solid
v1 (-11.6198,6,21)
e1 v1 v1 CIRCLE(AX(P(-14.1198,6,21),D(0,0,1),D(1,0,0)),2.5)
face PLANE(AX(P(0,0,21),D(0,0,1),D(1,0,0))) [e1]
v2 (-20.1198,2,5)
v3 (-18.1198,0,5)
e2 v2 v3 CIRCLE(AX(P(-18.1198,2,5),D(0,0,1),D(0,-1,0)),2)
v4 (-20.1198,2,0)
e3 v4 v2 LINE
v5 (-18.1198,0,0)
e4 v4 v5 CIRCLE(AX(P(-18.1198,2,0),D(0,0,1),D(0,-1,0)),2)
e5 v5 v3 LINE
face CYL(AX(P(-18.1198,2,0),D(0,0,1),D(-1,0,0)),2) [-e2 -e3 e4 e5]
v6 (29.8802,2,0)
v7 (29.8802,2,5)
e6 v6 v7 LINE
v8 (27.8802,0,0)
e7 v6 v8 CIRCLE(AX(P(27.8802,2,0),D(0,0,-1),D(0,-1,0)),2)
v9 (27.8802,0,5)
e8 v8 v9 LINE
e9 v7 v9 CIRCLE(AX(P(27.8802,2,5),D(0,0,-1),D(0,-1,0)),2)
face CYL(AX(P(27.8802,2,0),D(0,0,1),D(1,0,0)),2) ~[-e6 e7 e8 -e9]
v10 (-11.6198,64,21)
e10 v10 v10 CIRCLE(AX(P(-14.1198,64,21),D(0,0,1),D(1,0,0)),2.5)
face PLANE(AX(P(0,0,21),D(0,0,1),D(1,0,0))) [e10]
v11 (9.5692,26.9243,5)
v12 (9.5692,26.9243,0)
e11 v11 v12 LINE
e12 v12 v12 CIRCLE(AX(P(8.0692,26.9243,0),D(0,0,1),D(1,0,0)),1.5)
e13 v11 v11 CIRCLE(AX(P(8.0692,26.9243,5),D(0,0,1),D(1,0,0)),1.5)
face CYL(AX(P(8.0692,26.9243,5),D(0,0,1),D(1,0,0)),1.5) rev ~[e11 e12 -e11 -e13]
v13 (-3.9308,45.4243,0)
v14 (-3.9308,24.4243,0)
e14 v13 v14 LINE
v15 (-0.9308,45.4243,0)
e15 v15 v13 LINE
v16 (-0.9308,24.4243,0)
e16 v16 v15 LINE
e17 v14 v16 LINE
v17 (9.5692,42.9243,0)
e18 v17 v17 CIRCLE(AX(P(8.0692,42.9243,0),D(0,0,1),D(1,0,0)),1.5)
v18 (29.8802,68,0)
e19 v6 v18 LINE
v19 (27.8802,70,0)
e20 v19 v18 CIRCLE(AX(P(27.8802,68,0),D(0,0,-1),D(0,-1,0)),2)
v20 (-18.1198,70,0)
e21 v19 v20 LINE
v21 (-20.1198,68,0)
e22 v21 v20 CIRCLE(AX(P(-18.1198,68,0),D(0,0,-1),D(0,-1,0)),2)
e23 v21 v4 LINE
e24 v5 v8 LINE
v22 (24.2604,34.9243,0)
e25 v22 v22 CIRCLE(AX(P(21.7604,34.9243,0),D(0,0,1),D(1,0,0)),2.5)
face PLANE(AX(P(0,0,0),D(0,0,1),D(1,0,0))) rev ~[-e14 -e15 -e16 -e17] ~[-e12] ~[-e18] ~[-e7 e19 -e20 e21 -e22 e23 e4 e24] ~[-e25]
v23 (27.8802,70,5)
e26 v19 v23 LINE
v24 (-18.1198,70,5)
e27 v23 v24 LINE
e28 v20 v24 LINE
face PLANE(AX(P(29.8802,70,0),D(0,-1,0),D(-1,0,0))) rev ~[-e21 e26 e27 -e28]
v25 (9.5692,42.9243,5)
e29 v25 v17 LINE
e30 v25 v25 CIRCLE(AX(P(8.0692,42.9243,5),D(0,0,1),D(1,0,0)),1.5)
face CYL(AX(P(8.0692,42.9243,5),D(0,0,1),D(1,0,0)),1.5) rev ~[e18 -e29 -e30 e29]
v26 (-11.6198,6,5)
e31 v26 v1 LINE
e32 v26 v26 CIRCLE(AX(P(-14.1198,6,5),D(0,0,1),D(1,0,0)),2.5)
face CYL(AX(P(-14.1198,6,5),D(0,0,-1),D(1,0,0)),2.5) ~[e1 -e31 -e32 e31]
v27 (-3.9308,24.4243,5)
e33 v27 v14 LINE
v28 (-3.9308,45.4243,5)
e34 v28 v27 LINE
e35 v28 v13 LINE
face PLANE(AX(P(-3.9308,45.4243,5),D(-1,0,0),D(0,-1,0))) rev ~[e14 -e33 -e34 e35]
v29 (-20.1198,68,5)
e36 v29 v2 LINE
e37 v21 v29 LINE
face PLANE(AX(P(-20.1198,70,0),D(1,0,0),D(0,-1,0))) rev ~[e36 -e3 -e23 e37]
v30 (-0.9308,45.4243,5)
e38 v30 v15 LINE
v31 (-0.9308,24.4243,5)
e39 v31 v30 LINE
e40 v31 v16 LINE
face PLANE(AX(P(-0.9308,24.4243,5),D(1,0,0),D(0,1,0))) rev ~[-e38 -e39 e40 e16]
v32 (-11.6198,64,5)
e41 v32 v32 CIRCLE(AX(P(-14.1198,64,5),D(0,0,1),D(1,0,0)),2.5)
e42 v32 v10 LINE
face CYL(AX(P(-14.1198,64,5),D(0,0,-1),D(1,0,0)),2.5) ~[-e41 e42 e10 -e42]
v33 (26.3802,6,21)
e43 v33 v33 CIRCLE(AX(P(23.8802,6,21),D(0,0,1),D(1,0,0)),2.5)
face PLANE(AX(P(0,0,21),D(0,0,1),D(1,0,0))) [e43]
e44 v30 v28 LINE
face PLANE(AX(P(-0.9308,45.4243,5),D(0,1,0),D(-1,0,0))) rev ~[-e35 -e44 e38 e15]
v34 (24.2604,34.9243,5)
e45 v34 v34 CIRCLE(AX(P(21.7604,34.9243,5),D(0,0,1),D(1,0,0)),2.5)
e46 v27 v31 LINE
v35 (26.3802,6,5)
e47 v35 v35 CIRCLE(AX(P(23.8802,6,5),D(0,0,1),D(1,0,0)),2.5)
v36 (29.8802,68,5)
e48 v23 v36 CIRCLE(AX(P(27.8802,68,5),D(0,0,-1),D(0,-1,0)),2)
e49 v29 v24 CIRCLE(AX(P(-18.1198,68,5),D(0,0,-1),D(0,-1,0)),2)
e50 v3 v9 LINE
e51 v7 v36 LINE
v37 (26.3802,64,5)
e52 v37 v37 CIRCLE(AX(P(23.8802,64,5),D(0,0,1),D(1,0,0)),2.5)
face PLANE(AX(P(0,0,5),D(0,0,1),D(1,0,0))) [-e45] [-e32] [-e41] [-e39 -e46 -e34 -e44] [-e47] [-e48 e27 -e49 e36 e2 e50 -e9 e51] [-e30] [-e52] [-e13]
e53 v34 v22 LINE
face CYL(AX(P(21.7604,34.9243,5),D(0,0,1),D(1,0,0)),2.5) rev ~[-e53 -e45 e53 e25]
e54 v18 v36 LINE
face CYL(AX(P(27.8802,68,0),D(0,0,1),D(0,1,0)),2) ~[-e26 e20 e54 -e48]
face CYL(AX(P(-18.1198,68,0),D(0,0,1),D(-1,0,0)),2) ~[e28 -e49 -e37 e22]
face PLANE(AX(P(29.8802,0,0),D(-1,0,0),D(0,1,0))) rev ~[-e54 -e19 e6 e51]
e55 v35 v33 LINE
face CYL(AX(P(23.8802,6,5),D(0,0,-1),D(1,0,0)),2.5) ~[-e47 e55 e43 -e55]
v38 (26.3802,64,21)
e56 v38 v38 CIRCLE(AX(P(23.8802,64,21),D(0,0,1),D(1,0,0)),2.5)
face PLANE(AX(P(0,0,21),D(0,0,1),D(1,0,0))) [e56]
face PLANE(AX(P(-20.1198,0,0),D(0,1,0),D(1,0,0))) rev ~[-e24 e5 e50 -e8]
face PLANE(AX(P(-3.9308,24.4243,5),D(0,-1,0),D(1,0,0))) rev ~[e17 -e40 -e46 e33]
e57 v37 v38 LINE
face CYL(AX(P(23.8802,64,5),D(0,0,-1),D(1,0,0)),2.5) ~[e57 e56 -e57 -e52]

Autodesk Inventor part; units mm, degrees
ref_plane "YZ Plane" through (0, 0, 0) normal (1, 0, 0) x (0, 1, 0)
ref_plane "XZ Plane" through (0, 0, 0) normal (0, 1, 0) x (-1, 0, 0)
ref_plane "XY Plane" through (0, 0, 0) normal (0, 0, 1) x (1, 0, 0)
sketch "Skizze1" plane through (0, 0, 0) normal (0, 0, 1) x (1, 0, 0)
  line L0 (-20.1198, 0) -> (29.8802, 0)
  line L1 (29.8802, 0) -> (29.8802, 70)
  line L2 (29.8802, 70) -> (-20.1198, 70)
  line L3 (-20.1198, 70) -> (-20.1198, 0)
  point P0 (0, 0)
  dimension "d0" = 50
  dimension "d1" = 70
extrude "Extrusion1" add sketch "Skizze1" along normal blind 5
fillet "Rundung1" radius 2 4 edges at (-20.1198, 0, 2.5) (29.8802, 0, 2.5) (29.8802, 70, 2.5) (-20.1198, 70, 2.5)
sketch "Skizze2" plane through (0, 0, 5) normal (0, 0, 1) x (1, 0, 0)
  line L0 (-3.9308, 24.4243) -> (-0.9308, 24.4243)
  line L1 (-0.9308, 24.4243) -> (-0.9308, 45.4243)
  line L2 (-0.9308, 45.4243) -> (-3.9308, 45.4243)
  line L3 (-3.9308, 45.4243) -> (-3.9308, 24.4243)
  point P0 (0, 0)
  dimension "d5" = 3
  dimension "d6" = 21
extrude "Extrusion2" cut sketch "Skizze2" against normal up to surface (5 mm away)
sketch "Skizze3" plane through (0, 0, 5) normal (0, 0, 1) x (1, 0, 0)
  line L0 (-20.1198, 2) -> (-20.1198, 68) projected
  line L1 (27.8802, 0) -> (-18.1198, 0) projected
  line L2 (29.8802, 68) -> (29.8802, 2) projected
  line L3 (-18.1198, 70) -> (27.8802, 70) projected
  line L4 (-3.9308, 45.4243) -> (10.5692, 45.4243)
  line L5 (10.5692, 45.4243) -> (10.5692, 24.4243)
  line L6 (10.5692, 24.4243) -> (-3.9308, 24.4243)
  line L7 (-3.9308, 24.4243) -> (-3.9308, 45.4243)
  circle A0 centre (8.0692, 42.9243) radius 1.5
  circle A1 centre (8.0692, 26.9243) radius 1.5
  circle A2 centre (21.7604, 34.9243) radius 2.5
  circle A3 centre (-14.1198, 64) radius 2.5
  circle A4 centre (23.8802, 64) radius 2.5
  circle A5 centre (-14.1198, 6) radius 2.5
  circle A6 centre (23.8802, 6) radius 2.5
  point P0 (0, 0)
  dimension "d9" = 14.5
  dimension "d10" = 21
  dimension "d11" = 3
  dimension "d12" = 3
  dimension "d13" = 2.5
  dimension "d14" = 2.5
  dimension "d15" = 2.5
  dimension "d16" = 2.5
  dimension "d17" = 5
  dimension "d18" = 5
  dimension "d19" = 5
  dimension "d20" = 5
  dimension "d21" = 5
  dimension "d22" = 6
  dimension "d23" = 6
  dimension "d24" = 6
  dimension "d25" = 6
  dimension "d26" = 6
  dimension "d27" = 6
  dimension "d28" = 6
  dimension "d29" = 6
sketch "Skizze4" plane through (0, 0, 5) normal (0, 0, 1) x (1, 0, 0)
  circle A0 centre (-14.1198, 64) radius 2.5
  circle A1 centre (23.8802, 64) radius 2.5
  circle A2 centre (-14.1198, 6) radius 2.5
  circle A3 centre (23.8802, 6) radius 2.5
  point P0 (0, 0)
  dimension "d30" = 5
  dimension "d31" = 5
  dimension "d32" = 5
  dimension "d33" = 5
extrude "Extrusion3" add sketch "Skizze4" along normal blind 16
extrude "Extrusion4" cut sketch "Skizze3" against normal up to surface (5 mm away) contours A0 | A1 | A2
properties part number "Platte"
